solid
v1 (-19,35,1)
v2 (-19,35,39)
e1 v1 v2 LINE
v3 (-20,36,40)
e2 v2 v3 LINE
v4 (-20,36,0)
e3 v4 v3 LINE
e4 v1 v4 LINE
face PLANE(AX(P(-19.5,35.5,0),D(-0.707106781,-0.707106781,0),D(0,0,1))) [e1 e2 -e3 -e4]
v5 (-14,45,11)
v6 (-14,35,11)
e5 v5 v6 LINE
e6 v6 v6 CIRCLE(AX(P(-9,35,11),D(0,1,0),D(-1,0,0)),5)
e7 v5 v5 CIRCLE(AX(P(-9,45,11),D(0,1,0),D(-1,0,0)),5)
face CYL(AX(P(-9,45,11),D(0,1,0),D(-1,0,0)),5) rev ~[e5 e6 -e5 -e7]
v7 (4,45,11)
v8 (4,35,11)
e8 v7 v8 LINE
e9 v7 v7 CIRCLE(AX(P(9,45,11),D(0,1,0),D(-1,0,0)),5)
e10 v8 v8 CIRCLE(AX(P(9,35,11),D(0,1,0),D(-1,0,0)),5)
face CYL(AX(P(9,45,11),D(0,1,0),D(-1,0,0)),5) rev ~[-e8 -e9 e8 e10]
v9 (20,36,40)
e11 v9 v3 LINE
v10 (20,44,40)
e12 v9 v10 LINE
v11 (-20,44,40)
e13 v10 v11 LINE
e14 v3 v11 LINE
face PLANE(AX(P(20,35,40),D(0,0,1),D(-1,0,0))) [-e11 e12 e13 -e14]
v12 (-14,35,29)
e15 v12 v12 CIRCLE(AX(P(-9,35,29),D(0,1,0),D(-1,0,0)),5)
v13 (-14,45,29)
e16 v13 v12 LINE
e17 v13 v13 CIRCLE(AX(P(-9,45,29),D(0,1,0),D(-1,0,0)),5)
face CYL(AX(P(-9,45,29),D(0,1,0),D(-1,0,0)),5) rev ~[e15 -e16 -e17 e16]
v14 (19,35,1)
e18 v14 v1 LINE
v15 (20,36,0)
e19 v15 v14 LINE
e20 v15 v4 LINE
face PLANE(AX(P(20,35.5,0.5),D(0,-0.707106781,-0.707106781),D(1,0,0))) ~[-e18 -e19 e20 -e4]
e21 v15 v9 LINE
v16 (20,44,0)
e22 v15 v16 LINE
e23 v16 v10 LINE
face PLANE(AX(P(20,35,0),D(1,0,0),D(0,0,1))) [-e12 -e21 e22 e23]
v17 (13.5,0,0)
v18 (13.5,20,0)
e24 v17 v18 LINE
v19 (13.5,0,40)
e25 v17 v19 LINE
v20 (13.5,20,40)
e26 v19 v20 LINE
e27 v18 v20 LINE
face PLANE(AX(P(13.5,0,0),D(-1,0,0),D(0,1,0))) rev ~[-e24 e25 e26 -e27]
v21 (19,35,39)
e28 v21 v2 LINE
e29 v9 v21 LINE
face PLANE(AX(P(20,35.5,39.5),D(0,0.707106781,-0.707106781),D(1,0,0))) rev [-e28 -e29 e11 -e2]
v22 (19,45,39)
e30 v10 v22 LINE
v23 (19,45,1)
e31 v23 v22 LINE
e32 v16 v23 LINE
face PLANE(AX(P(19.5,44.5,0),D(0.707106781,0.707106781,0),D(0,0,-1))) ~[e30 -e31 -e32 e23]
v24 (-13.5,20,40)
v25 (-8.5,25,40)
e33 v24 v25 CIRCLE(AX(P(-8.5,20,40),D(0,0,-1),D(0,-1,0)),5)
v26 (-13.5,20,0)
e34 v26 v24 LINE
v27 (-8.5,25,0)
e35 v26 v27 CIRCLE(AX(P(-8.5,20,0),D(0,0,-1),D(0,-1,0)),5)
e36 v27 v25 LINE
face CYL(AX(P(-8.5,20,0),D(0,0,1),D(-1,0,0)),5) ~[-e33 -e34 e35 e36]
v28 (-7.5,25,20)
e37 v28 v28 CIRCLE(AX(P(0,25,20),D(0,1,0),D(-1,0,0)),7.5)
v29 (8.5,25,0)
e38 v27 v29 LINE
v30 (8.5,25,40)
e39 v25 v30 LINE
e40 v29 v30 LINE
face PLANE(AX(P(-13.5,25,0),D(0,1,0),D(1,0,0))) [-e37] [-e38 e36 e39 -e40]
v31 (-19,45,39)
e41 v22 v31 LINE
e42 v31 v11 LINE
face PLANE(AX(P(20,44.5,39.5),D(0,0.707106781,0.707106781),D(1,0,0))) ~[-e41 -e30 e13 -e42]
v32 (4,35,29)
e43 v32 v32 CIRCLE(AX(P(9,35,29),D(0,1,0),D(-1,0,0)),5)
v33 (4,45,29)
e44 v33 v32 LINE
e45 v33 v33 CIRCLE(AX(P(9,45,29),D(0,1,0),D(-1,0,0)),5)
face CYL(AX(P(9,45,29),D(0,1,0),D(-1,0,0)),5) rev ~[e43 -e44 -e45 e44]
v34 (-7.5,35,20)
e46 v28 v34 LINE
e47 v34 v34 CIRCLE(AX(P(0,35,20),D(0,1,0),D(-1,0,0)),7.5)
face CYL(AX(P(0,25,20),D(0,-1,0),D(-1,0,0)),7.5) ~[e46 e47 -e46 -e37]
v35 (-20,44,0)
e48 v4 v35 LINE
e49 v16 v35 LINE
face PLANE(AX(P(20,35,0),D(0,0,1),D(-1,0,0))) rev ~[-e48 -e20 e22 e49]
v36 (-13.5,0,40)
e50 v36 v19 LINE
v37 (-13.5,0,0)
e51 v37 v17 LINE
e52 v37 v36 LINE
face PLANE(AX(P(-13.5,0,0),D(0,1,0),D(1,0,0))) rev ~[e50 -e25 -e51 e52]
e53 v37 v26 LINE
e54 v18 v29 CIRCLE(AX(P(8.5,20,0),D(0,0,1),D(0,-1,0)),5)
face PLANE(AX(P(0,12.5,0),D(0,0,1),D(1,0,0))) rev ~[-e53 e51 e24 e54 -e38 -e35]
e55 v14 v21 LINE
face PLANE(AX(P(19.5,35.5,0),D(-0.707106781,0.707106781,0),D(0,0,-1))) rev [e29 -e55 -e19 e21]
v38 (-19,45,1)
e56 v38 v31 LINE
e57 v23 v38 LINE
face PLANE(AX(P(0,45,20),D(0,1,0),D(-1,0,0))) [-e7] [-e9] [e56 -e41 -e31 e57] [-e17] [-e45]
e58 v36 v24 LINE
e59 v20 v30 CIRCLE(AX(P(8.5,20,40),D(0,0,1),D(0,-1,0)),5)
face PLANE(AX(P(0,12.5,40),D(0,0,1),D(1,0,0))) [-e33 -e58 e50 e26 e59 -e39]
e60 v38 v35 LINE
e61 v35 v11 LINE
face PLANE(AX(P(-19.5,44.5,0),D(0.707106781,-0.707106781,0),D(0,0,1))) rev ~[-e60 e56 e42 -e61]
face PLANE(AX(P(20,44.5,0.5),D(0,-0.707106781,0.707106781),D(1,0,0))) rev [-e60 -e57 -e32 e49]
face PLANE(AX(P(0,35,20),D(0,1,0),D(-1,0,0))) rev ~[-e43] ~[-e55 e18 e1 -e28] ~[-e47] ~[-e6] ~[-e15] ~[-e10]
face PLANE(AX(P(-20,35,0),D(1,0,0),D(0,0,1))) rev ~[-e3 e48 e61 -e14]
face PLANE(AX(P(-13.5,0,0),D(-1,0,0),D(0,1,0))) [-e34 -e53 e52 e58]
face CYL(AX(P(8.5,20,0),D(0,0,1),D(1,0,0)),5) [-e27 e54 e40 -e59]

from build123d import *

# Parameters (mm, degrees)
F0_W     = 27
F0_H     = 25
F1_DEPTH = 40
F2_R     = 5
F3_R     = 7.5
F4_DEPTH = 10
F5_W     = 40
F5_H     = 40
F6_DEPTH = 10
F7_SIZE  = 1
F8_R     = 5
F9_DEPTH = 10


with BuildPart() as f1:
    # F0 (on Top) → F1 (new body)
    with BuildSketch(Plane.XY):
        with Locations((0, 12.5)):
            Rectangle(F0_W, F0_H)
    extrude(amount=F1_DEPTH)

    # F2
    f2_edges = [f1.edges().sort_by_distance(p)[0] for p in [
        (13.5, 25, 20),
        (-13.5, 25, 20),
    ]]
    fillet(f2_edges, radius=F2_R)

    # F3 (on face) → F4 (join)
    with BuildSketch(Plane(origin=(0, 25, 0), x_dir=(-1, 0, 0), z_dir=(0, 1, 0))):
        with Locations((0, 20)):
            Circle(F3_R)
    extrude(amount=F4_DEPTH)

    # F5 (on face) → F6 (join)
    with BuildSketch(Plane(origin=(0, 35, 0), x_dir=(-1, 0, 0), z_dir=(0, 1, 0))):
        with Locations((0, 20)):
            Rectangle(F5_W, F5_H)
    extrude(amount=F6_DEPTH)

    # F7
    f7_edges = [f1.edges().sort_by_distance(p)[0] for p in [
        (-20, 45, 20),
        (0, 45, 40),
        (20, 45, 20),
        (0, 45, 0),
        (-20, 35, 20),
        (0, 35, 40),
        (0, 35, 0),
        (20, 35, 20),
    ]]
    chamfer(f7_edges, length=F7_SIZE)

    # F8 (on face) → F9 (cut)
    with BuildSketch(Plane(origin=(0, 45, 0), x_dir=(-1, 0, 0), z_dir=(0, 1, 0))):
        with Locations((-9, 29)):
            Circle(F8_R)
        with Locations((9, 29)):
            Circle(F8_R)
        with Locations((-9, 11)):
            Circle(F8_R)
        with Locations((9, 11)):
            Circle(F8_R)
    extrude(amount=-F9_DEPTH, mode=Mode.SUBTRACT)


solid = f1.part
